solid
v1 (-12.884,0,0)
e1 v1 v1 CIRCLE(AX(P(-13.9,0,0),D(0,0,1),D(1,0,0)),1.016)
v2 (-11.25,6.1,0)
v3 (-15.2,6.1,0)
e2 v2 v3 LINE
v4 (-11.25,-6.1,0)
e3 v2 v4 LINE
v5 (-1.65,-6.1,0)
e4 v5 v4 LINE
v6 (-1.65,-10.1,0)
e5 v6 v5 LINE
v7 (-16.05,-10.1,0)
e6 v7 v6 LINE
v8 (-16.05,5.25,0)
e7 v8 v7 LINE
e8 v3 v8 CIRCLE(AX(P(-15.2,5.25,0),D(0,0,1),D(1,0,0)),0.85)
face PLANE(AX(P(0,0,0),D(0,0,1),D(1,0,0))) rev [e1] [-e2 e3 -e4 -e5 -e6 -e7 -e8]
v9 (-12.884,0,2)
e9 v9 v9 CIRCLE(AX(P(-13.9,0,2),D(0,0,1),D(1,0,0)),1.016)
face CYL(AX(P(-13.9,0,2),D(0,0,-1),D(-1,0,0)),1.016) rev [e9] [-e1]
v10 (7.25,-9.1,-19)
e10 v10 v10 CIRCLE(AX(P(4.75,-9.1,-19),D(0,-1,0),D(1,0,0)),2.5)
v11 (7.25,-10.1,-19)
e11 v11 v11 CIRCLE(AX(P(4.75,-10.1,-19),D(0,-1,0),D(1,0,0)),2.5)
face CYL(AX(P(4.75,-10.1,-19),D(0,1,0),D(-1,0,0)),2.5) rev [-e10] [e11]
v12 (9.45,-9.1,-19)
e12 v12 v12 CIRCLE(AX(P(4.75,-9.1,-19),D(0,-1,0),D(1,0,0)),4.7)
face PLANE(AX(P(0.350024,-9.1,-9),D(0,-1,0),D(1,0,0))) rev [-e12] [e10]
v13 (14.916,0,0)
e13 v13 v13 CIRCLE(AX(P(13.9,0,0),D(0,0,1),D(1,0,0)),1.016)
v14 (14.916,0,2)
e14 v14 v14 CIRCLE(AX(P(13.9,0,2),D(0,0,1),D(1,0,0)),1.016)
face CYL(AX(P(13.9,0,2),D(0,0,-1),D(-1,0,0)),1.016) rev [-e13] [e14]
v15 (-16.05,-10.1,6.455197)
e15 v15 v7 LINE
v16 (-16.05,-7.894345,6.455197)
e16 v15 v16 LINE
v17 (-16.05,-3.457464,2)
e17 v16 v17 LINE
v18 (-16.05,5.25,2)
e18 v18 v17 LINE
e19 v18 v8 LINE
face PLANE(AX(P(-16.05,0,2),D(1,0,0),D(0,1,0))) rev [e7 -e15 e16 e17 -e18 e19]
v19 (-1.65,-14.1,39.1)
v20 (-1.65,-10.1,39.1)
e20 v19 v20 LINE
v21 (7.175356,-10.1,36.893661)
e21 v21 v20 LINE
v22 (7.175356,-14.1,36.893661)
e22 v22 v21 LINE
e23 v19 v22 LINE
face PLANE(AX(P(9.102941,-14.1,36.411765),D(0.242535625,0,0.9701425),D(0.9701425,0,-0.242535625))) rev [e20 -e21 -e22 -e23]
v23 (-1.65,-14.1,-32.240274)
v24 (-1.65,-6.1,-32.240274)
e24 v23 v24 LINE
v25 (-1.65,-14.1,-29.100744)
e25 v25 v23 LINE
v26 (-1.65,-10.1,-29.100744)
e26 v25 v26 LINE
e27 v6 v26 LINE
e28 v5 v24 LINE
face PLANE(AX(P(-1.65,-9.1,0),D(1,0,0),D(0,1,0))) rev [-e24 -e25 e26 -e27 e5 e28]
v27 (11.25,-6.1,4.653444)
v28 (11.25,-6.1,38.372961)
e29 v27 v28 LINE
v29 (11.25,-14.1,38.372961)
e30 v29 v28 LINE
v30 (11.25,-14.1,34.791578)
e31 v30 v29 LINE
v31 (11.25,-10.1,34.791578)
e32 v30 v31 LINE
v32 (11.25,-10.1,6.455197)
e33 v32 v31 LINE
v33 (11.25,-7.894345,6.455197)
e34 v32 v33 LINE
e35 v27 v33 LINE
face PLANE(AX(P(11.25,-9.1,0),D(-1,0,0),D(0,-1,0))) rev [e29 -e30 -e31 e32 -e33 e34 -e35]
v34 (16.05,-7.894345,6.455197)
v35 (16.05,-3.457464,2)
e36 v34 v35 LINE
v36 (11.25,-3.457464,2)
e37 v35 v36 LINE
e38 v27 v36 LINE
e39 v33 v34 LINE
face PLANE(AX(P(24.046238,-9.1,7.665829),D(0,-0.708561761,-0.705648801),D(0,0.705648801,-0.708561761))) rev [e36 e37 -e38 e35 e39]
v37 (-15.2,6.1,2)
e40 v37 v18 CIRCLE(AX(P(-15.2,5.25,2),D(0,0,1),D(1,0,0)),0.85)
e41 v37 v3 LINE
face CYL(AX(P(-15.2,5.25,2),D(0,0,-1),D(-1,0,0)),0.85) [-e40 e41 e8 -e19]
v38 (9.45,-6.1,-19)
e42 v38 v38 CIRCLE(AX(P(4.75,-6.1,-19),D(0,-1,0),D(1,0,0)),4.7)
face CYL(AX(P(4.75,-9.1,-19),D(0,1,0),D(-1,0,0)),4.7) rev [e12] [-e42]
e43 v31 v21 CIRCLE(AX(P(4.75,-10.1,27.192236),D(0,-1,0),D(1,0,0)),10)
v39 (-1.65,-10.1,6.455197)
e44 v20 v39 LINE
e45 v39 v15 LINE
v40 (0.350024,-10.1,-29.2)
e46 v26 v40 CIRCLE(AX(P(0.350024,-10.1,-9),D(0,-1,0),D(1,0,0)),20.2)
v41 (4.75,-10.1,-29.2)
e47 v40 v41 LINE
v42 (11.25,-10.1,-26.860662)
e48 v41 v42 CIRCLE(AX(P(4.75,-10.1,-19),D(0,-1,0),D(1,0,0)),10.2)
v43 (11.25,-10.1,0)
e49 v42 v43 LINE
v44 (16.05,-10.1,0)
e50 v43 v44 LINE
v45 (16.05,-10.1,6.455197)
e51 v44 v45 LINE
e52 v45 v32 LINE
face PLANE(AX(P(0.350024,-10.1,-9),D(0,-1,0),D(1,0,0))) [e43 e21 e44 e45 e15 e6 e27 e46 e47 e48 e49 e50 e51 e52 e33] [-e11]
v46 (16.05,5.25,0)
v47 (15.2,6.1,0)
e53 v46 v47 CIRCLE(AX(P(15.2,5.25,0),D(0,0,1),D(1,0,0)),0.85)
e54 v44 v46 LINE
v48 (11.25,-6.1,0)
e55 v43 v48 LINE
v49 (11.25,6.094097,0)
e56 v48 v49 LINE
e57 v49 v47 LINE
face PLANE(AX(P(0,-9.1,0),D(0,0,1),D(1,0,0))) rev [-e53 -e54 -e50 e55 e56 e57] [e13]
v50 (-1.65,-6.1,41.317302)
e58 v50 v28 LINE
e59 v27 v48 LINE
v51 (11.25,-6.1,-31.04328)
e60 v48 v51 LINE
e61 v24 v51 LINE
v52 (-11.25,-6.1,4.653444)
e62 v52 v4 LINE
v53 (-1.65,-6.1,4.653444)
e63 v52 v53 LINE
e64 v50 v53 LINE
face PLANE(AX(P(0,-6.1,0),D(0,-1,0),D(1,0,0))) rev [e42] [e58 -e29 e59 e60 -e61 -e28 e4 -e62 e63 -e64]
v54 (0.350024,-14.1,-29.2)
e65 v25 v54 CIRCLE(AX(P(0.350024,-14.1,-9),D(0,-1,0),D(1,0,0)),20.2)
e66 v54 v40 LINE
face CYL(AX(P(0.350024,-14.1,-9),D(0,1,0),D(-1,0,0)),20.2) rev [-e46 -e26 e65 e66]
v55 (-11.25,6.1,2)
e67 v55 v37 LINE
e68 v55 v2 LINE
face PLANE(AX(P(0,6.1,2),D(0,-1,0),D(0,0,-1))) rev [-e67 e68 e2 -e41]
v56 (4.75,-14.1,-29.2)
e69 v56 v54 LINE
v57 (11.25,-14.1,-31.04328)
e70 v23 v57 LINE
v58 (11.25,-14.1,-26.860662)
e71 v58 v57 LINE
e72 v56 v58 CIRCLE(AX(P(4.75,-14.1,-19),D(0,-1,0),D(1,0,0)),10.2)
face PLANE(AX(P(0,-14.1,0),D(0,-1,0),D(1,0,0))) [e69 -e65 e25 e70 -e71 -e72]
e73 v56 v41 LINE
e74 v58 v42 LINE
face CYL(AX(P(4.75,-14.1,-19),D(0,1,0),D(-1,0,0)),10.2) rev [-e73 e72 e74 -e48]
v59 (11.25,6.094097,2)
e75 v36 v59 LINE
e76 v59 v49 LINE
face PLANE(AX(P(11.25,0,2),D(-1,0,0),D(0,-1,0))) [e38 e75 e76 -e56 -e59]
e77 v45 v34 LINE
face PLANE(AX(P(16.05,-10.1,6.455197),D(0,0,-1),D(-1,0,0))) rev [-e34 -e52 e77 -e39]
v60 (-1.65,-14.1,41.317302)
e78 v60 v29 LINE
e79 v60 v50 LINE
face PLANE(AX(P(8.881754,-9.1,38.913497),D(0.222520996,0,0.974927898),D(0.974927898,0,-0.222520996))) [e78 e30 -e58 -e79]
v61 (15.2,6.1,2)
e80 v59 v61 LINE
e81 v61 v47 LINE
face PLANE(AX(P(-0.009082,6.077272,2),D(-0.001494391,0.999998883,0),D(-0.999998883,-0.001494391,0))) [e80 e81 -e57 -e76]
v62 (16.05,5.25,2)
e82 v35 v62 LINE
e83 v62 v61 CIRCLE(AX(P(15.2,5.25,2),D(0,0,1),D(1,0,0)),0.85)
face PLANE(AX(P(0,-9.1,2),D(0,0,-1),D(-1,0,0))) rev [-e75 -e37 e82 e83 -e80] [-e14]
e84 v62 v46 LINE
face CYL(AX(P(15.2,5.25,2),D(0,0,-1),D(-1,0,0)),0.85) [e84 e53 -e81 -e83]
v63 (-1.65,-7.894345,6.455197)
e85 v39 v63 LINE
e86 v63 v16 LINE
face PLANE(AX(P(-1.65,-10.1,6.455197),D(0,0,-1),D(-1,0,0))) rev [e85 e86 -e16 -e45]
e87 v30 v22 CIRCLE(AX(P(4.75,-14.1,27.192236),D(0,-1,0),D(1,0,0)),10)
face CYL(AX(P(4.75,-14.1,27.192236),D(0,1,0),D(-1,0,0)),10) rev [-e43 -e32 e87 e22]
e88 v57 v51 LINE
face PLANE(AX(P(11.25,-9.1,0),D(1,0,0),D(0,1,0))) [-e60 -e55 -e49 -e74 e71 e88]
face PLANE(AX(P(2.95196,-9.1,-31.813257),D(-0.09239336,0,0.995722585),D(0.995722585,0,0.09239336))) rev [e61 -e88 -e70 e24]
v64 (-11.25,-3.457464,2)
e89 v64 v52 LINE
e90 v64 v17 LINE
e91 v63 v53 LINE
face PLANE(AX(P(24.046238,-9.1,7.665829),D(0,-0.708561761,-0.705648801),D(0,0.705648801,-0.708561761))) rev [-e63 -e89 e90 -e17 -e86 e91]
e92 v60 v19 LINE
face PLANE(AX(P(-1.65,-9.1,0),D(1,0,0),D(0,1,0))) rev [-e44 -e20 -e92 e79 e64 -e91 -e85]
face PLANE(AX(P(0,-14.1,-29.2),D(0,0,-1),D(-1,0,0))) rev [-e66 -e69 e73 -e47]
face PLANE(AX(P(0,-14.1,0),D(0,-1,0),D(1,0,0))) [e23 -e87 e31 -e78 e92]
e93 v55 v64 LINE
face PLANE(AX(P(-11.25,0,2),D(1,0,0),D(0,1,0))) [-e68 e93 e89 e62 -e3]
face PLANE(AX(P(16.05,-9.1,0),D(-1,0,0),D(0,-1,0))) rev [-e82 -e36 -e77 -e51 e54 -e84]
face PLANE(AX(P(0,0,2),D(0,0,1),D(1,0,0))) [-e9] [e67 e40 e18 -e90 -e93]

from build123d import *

# Parameters (mm, degrees)
SKETCH1_R                       = 1.016
BOSS_EXTRUDE1_DEPTH             = 2
SKETCH2_R                       = 4.7
BOSS_EXTRUDE2_DEPTH             = 3
BOSS_EXTRUDE5_DEPTH             = 8
BOSS_EXTRUDE6_REACH             = 53.49
BOSS_EXTRUDE6_DIRECTION_2_REACH = 53.49
SKETCH4_W                       = 22.5
SKETCH4_H                       = 14.127681706
CUT_EXTRUDE1_DEPTH              = 7
FILLET1_R                       = 0.5
SKETCH5_R                       = 2.5
BOSS_EXTRUDE7_DEPTH             = 1
SKETCH6_W                       = 5.313656685
SKETCH6_H                       = 4.599259183
SKETCH6_W_2                     = 16.163165117
SKETCH6_H_2                     = 5.344557169
CUT_EXTRUDE2_DEPTH              = 5


with BuildPart() as part:
    # Sketch1 → Boss-Extrude1 (new body)
    # profile 1 of 4: a face of its own
    with BuildSketch(Plane.XY):
        with BuildLine():
            Line((-16.05, 5.25), (-16.05, -5.25))
            ThreePointArc((-16.05, -5.25), (-15.801040764, -5.851040764), (-15.2, -6.1))
            Line((-15.2, -6.1), (-11.25, -6.1))
            Line((-11.25, -6.1), (-11.25, 6.1))
            Line((-11.25, 6.1), (-15.2, 6.1))
            ThreePointArc((-15.2, 6.1), (-15.801040764, 5.851040764), (-16.05, 5.25))
        make_face()
        with Locations((-13.9, 0)):
            Circle(SKETCH1_R, mode=Mode.SUBTRACT)
    # profile 2 of 4: a face of its own
    with BuildSketch(Plane.XY):
        with BuildLine():
            Line((16.05, 5.25), (16.05, -5.25))
            ThreePointArc((16.05, -5.25), (15.801040764, -5.851040764), (15.2, -6.1))
            Line((15.2, -6.1), (11.25, -6.1))
            Line((11.25, -6.1), (11.25, 6.094097151))
            Line((11.25, 6.094097151), (15.2, 6.1))
            ThreePointArc((15.2, 6.1), (15.801040764, 5.851040764), (16.05, 5.25))
        make_face()
        with Locations((13.9, 0)):
            Circle(SKETCH1_R, mode=Mode.SUBTRACT)
    # profile 3 of 4: a face of its own
    with BuildSketch(Plane.XY):
        with BuildLine():
            ThreePointArc((15.2, -6.1), (15.801040764, -5.851040764), (16.05, -5.25))
            Line((16.05, -5.25), (16.05, -6.1))
            Line((16.05, -6.1), (15.2, -6.1))
        make_face()
    # profile 4 of 4: a face of its own
    with BuildSketch(Plane.XY):
        with BuildLine():
            ThreePointArc((-16.05, -5.25), (-15.801040764, -5.851040764), (-15.2, -6.1))
            Line((-15.2, -6.1), (-16.05, -6.1))
            Line((-16.05, -6.1), (-16.05, -5.25))
        make_face()
    extrude(amount=BOSS_EXTRUDE1_DEPTH)

    # Sketch2 → Boss-Extrude2 (add)
    with BuildSketch(Plane.XZ.offset(6.1)):
        Polygon((16.05, 2), (11.25, 2), (11.25, 38.372960525), (-1.65, 41.317302208), (-1.65, 22.612965014), (-1.65, 2), (-16.05, 2), (-16.05, 0), (-1.65, 0), (-1.65, -32.240273927), (11.25, -31.043279545), (11.25, 0), (16.05, 0), align=None)
        with Locations((4.75, -19)):
            Circle(SKETCH2_R, mode=Mode.SUBTRACT)
    extrude(amount=BOSS_EXTRUDE2_DEPTH)

    # Sketch2<3> → Boss-Extrude5 (add)
    with BuildSketch(Plane.XZ.offset(6.1)):
        with BuildLine():
            ThreePointArc((7.17535625, 36.893660937), (9.334777443, 36.079294831), (11.25, 34.791578013))
            Line((11.25, 34.791578013), (11.25, 38.372960525))
            Line((11.25, 38.372960525), (-1.65, 41.317302208))
            Line((-1.65, 41.317302208), (-1.65, 39.1))
            Line((-1.65, 39.1), (7.17535625, 36.893660937))
        make_face()
        with BuildLine():
            ThreePointArc((0.350023778, -29.2), (-0.651218811, -29.175170712), (-1.65, -29.100743889))
            Line((-1.65, -29.100743889), (-1.65, -32.240273927))
            Line((-1.65, -32.240273927), (11.25, -31.043279545))
            Line((11.25, -31.043279545), (11.25, -26.86066155))
            ThreePointArc((11.25, -26.86066155), (8.204073841, -28.597362862), (4.75, -29.2))
            Line((4.75, -29.2), (0.350023778, -29.2))
        make_face()
    extrude(amount=BOSS_EXTRUDE5_DEPTH)

    # Boss-Extrude6: up to this face of the body (flat: up to its plane)
    boss_extrude6_end = Plane(part.part.faces().sort_by_distance((16.05, -1.925, 1))[0])
    # Sketch3 → Boss-Extrude6 (add, up to the picked face)
    with BuildSketch(Plane(origin=(11.25, 0, 0), x_dir=(0, 0, -1), z_dir=(1, 0, 0)), mode=Mode.PRIVATE) as boss_extrude6_sk1:
        Polygon((-7.665828596, -9.1), (-2, -3.457464127), (-2, -9.1), align=None)
    boss_extrude6_tool1 = split(extrude(boss_extrude6_sk1.sketch, amount=BOSS_EXTRUDE6_REACH, mode=Mode.PRIVATE), bisect_by=boss_extrude6_end, keep=Keep.BOTH, mode=Mode.PRIVATE)
    add(boss_extrude6_tool1.solids().sort_by(Axis((11.25, -7.219155, 3.88861), (1, 0, 0)))[0])

    # Boss-Extrude6 direction 2: up to this face of the body (flat: up to its plane)
    boss_extrude6_direction_2_end = Plane(part.part.faces().sort_by_distance((-16.05, -1.925, 1))[0])
    # Sketch3 → Boss-Extrude6 direction 2 (add, up to the picked face)
    with BuildSketch(Plane(origin=(11.25, 0, 0), x_dir=(0, 0, -1), z_dir=(1, 0, 0)), mode=Mode.PRIVATE) as boss_extrude6_direction_2_sk1:
        Polygon((-7.665828596, -9.1), (-2, -3.457464127), (-2, -9.1), align=None)
    boss_extrude6_direction_2_tool1 = split(extrude(boss_extrude6_direction_2_sk1.sketch, amount=-BOSS_EXTRUDE6_DIRECTION_2_REACH, mode=Mode.PRIVATE), bisect_by=boss_extrude6_direction_2_end, keep=Keep.BOTH, mode=Mode.PRIVATE)
    add(boss_extrude6_direction_2_tool1.solids().sort_by(Axis((11.25, -7.219155, 3.88861), (-1, 0, 0)))[0])

    # Sketch4 → Cut-Extrude1 (cut)
    with BuildSketch(Plane(origin=(0, -6.1, 0), x_dir=(1, 0, 0), z_dir=(0, 1, 0))):
        with Locations((0, -7.063840853)):
            Rectangle(SKETCH4_W, SKETCH4_H)
    extrude(amount=CUT_EXTRUDE1_DEPTH, mode=Mode.SUBTRACT)

    # Fillet1
    fillet1_edges = [part.edges().sort_by_distance(p)[0] for p in [
        (13.65, -9.1, 7.665828596),
        (-8.85, -9.1, 7.665828596),
    ]]
    fillet(fillet1_edges, radius=FILLET1_R)

    # Sketch5 → Boss-Extrude7 (add)
    with BuildSketch(Plane.XZ.offset(9.1)):
        with BuildLine():
            Line((-1.65, 39.1), (-1.65, 6.455196792))
            Line((-1.65, 6.455196792), (-16.05, 6.455196792))
            Line((-16.05, 6.455196792), (-16.05, 0))
            Line((-16.05, 0), (-1.65, 0))
            Line((-1.65, 0), (-1.65, -29.100743889))
            ThreePointArc((-1.65, -29.100743889), (-0.651218811, -29.175170712), (0.350023778, -29.2))
            Line((0.350023778, -29.2), (4.75, -29.2))
            ThreePointArc((4.75, -29.2), (8.204073841, -28.597362862), (11.25, -26.86066155))
            Line((11.25, -26.86066155), (11.25, 0))
            Line((11.25, 0), (16.05, 0))
            Line((16.05, 0), (16.05, 6.455196792))
            Line((16.05, 6.455196792), (11.25, 6.455196792))
            Line((11.25, 6.455196792), (11.25, 34.791578013))
            ThreePointArc((11.25, 34.791578013), (9.334777443, 36.079294831), (7.17535625, 36.893660937))
            Line((7.17535625, 36.893660937), (-1.65, 39.1))
        make_face()
        with Locations((4.75, -19)):
            Circle(SKETCH5_R, mode=Mode.SUBTRACT)
    extrude(amount=BOSS_EXTRUDE7_DEPTH)

    # Sketch6 → Cut-Extrude2 (cut)
    with BuildSketch(Plane.XY.offset(6.455196792)):
        with Locations((13.906828343, -7.800370409)):
            Rectangle(SKETCH6_W, SKETCH6_H)
        with Locations((-9.731582558, -7.427721416)):
            Rectangle(SKETCH6_W_2, SKETCH6_H_2)
    extrude(amount=CUT_EXTRUDE2_DEPTH, mode=Mode.SUBTRACT)


solid = part.part
